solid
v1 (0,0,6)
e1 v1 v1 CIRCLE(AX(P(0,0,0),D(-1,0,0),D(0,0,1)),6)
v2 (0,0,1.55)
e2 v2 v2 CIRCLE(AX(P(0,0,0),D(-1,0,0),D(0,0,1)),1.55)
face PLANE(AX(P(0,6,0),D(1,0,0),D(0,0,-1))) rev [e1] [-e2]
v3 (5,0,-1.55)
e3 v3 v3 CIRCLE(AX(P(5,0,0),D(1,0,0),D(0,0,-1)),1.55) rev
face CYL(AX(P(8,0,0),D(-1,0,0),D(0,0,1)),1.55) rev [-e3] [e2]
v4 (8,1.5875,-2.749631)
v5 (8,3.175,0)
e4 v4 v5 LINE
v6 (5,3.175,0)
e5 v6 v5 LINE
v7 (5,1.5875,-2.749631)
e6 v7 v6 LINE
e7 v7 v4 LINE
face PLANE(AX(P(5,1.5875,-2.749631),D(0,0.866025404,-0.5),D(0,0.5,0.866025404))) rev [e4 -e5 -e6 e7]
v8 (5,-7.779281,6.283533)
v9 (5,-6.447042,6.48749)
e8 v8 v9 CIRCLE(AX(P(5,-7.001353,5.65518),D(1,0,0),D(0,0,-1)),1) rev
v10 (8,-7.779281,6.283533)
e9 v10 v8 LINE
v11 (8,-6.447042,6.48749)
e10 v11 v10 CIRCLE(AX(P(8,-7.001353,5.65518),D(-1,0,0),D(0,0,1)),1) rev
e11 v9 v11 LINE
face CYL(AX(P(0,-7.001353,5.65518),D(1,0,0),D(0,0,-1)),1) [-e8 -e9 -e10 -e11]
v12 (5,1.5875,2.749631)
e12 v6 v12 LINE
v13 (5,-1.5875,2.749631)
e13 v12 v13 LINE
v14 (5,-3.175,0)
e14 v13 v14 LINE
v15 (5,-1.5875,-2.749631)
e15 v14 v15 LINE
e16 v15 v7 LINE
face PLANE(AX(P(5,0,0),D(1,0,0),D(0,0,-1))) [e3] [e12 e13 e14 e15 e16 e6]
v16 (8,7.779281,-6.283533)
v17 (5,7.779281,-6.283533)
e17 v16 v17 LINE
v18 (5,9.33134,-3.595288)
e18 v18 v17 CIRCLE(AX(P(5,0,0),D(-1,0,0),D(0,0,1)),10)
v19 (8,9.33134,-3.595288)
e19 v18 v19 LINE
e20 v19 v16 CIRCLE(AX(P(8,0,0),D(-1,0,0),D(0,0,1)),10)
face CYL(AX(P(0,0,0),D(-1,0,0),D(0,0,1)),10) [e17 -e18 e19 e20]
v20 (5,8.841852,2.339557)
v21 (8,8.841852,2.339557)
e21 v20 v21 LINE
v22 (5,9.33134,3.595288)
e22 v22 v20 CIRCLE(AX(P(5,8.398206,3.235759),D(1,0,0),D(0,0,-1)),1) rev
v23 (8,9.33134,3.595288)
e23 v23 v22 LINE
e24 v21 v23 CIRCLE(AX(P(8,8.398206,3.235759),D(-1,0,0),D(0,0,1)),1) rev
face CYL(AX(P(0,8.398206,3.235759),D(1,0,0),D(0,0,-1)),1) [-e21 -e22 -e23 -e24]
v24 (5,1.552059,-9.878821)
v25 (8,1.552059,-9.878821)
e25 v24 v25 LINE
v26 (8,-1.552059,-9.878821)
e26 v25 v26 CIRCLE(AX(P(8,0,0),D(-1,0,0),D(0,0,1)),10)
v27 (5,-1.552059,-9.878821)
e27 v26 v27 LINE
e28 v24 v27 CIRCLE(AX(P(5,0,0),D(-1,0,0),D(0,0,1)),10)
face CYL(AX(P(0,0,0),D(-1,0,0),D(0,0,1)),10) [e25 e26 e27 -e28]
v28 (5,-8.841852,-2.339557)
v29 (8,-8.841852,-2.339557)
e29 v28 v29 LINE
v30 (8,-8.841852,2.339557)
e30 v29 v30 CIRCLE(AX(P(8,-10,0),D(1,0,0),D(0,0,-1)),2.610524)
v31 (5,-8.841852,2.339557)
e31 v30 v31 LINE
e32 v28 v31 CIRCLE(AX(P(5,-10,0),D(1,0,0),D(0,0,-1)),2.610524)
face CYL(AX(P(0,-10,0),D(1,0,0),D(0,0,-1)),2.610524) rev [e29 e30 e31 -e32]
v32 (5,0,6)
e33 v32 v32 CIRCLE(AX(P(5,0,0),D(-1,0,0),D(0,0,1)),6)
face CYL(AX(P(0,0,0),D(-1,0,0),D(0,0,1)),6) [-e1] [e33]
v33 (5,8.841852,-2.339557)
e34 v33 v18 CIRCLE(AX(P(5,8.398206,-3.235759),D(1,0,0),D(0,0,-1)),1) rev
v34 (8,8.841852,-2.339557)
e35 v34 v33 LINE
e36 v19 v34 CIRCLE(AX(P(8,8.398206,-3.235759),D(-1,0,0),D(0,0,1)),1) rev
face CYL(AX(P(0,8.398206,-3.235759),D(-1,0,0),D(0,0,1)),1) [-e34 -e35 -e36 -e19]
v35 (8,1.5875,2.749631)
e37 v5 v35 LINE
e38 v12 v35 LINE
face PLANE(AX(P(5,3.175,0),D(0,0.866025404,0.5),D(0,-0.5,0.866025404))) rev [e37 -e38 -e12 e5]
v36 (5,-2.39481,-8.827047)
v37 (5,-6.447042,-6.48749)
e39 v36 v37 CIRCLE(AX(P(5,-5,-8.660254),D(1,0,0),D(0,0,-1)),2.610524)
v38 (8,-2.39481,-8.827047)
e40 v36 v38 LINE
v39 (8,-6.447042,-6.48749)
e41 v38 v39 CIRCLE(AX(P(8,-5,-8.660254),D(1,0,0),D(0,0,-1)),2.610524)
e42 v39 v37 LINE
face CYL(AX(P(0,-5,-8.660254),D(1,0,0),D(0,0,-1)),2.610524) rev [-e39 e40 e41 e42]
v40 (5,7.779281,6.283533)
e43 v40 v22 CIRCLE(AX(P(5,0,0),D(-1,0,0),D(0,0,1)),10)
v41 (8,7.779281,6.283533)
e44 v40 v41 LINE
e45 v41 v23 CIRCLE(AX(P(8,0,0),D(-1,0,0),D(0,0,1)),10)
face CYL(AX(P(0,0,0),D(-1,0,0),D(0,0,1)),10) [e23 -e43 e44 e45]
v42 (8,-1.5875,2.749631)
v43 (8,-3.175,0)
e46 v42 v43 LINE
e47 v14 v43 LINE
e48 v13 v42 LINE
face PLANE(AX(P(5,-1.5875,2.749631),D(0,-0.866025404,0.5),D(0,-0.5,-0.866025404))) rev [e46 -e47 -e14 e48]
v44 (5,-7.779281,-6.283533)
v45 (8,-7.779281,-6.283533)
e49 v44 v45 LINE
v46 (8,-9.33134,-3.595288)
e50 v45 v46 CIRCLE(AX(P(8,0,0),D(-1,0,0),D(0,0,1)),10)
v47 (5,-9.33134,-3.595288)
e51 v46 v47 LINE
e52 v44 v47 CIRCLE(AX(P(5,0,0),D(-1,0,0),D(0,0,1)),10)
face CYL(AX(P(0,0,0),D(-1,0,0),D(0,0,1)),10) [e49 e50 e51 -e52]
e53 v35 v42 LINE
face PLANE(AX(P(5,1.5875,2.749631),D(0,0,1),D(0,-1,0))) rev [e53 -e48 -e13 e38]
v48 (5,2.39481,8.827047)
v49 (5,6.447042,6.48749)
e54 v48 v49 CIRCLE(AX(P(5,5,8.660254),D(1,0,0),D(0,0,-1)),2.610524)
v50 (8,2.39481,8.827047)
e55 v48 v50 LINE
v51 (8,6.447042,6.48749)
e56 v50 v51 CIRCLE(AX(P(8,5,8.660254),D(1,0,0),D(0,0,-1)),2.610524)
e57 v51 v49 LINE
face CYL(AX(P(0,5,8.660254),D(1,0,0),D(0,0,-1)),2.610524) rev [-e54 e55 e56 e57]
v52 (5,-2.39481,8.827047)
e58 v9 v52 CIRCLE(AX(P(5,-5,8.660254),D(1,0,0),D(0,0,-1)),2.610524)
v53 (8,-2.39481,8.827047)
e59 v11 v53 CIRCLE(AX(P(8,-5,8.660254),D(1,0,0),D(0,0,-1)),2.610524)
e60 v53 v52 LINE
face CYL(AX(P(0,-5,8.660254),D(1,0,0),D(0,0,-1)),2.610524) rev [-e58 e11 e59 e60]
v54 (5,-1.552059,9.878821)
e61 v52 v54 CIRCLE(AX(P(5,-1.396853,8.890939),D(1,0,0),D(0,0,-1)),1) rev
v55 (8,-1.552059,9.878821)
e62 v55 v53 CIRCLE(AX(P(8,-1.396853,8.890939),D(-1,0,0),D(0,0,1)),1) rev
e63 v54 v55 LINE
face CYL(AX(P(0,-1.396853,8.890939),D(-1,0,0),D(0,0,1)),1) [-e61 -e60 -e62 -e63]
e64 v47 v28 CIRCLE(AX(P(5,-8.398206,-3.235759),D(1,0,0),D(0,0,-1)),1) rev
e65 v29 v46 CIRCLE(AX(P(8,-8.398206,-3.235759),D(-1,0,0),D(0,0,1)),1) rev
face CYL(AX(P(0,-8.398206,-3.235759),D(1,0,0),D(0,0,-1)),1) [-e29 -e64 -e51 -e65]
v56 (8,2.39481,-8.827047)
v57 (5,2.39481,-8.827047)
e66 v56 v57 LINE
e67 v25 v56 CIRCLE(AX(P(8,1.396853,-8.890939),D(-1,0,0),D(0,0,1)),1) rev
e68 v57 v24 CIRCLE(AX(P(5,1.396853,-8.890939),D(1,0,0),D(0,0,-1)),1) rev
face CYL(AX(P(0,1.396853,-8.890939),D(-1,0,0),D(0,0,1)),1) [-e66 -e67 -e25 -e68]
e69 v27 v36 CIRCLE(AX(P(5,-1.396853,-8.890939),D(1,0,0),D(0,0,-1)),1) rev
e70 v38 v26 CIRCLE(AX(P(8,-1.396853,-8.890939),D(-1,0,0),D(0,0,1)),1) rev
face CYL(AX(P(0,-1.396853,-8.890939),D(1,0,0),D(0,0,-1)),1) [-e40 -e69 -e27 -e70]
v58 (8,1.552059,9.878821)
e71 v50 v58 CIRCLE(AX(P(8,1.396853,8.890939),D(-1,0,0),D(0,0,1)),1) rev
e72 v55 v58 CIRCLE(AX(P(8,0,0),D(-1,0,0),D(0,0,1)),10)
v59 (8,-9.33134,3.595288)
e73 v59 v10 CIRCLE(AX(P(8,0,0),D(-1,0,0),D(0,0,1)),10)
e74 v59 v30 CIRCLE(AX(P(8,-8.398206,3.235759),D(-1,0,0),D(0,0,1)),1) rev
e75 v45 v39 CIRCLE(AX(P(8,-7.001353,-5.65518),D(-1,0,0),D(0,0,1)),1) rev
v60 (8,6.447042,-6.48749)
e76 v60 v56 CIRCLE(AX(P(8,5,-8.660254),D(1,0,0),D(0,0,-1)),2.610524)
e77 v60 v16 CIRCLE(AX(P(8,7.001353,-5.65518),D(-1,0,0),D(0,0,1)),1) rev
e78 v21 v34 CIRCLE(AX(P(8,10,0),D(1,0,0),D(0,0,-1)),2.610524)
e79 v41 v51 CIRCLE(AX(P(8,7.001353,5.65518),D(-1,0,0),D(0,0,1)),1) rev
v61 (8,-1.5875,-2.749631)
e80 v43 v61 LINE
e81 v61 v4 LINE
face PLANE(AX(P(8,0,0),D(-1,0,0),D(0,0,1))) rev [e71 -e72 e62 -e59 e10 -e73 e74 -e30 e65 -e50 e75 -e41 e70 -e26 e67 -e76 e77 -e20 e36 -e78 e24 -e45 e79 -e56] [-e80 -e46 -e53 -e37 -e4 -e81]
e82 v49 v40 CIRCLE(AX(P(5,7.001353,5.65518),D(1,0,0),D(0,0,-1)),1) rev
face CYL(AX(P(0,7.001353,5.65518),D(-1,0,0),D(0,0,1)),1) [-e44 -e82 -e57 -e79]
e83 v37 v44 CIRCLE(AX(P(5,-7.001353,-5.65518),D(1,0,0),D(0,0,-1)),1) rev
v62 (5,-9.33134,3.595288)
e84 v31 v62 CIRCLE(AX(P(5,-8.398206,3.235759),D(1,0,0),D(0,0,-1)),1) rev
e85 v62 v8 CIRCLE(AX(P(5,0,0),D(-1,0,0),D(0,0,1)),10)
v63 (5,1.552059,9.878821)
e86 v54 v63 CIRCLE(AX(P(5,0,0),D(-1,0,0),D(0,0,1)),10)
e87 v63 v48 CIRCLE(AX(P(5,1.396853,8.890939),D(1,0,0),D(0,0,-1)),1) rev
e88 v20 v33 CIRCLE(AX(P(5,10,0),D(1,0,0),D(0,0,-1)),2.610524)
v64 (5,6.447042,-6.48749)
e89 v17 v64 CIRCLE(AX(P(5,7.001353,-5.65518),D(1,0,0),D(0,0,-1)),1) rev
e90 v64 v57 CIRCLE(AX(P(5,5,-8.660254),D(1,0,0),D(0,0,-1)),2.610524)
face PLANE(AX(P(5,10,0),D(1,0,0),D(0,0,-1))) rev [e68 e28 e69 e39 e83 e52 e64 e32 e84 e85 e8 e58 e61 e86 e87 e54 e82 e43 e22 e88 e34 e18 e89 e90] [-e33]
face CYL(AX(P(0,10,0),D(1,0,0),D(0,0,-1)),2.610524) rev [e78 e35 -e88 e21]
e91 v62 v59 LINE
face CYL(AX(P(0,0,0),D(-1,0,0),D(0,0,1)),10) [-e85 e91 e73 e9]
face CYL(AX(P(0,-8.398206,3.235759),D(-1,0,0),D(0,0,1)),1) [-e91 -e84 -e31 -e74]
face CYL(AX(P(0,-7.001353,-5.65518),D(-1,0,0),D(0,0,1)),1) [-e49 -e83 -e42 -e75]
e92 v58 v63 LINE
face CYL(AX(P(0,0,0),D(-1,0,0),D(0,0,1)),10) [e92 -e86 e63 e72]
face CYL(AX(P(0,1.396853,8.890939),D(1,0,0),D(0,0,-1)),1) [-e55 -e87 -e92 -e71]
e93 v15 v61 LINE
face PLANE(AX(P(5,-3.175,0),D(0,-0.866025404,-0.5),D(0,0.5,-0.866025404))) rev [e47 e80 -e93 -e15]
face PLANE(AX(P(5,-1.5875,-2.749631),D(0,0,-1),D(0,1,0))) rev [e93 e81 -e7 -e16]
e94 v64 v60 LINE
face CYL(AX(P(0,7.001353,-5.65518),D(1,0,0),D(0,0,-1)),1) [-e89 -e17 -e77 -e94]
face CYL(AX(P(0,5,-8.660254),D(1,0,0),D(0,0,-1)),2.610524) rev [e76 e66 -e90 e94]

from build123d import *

# Parameters (mm, degrees)
SKETCH3_R          = 1.55
CUT_EXTRUDE1_DEPTH = 17.248076809
SKETCH4_R          = 2.610523844
CUT_EXTRUDE2_DEPTH = 17.248076809
FILLET1_R          = 1
CUT_EXTRUDE3_DEPTH = 3


with BuildPart() as part:
    # Sketch2 → Revolve1 (revolve)
    with BuildSketch(Plane.XY, mode=Mode.PRIVATE) as revolve1_sk:
        Polygon((0, 0), (8, 0), (8, 10), (5, 10), (5, 6), (0, 6), align=None)
    revolve(revolve1_sk.sketch.rotate(Axis((0, 0, 0), (1, 0, 0)), 90), axis=Axis((0, 0, 0), (1, 0, 0)))

    # Sketch3 → Cut-Extrude1 (cut, through all)
    with BuildSketch(Plane.ZY):
        Circle(SKETCH3_R)
    extrude(amount=-CUT_EXTRUDE1_DEPTH, mode=Mode.SUBTRACT)

    # Sketch4 → Cut-Extrude2 (cut, through all)
    with BuildSketch(Plane(origin=(8, 0, 0), x_dir=(0, 0, -1), z_dir=(1, 0, 0))):
        with Locations((0, 10)):
            Circle(SKETCH4_R)
        with Locations((8.660254038, 5)):
            Circle(SKETCH4_R)
        with Locations((8.660254038, -5)):
            Circle(SKETCH4_R)
        with Locations((0, -10)):
            Circle(SKETCH4_R)
        with Locations((-8.660254038, -5)):
            Circle(SKETCH4_R)
        with Locations((-8.660254038, 5)):
            Circle(SKETCH4_R)
    extrude(amount=-CUT_EXTRUDE2_DEPTH, mode=Mode.SUBTRACT)

    # Fillet1
    fillet1_edges = [part.edges().sort_by_distance(p)[0] for p in [
        (6.5, 2.588190451, -9.659258263),
        (6.5, 7.071067812, -7.071067812),
        (6.5, -7.071067812, -7.071067812),
        (6.5, -2.588190451, -9.659258263),
        (6.5, -9.659258263, 2.588190451),
        (6.5, -9.659258263, -2.588190451),
        (6.5, -2.588190451, 9.659258263),
        (6.5, -7.071067812, 7.071067812),
        (6.5, 7.071067812, 7.071067812),
        (6.5, 2.588190451, 9.659258263),
        (6.5, 9.659258263, -2.588190451),
        (6.5, 9.659258263, 2.588190451),
    ]]
    fillet(fillet1_edges, radius=FILLET1_R)

    # Sketch5 → Cut-Extrude3 (cut)
    with BuildSketch(Plane(origin=(8, 0, 0), x_dir=(0, 0, -1), z_dir=(1, 0, 0))):
        Polygon((2.749630657, 1.5875), (0, 3.175), (-2.749630657, 1.5875), (-2.749630657, -1.5875), (0, -3.175), (2.749630657, -1.5875), align=None)
    extrude(amount=-CUT_EXTRUDE3_DEPTH, mode=Mode.SUBTRACT)


solid = part.part
